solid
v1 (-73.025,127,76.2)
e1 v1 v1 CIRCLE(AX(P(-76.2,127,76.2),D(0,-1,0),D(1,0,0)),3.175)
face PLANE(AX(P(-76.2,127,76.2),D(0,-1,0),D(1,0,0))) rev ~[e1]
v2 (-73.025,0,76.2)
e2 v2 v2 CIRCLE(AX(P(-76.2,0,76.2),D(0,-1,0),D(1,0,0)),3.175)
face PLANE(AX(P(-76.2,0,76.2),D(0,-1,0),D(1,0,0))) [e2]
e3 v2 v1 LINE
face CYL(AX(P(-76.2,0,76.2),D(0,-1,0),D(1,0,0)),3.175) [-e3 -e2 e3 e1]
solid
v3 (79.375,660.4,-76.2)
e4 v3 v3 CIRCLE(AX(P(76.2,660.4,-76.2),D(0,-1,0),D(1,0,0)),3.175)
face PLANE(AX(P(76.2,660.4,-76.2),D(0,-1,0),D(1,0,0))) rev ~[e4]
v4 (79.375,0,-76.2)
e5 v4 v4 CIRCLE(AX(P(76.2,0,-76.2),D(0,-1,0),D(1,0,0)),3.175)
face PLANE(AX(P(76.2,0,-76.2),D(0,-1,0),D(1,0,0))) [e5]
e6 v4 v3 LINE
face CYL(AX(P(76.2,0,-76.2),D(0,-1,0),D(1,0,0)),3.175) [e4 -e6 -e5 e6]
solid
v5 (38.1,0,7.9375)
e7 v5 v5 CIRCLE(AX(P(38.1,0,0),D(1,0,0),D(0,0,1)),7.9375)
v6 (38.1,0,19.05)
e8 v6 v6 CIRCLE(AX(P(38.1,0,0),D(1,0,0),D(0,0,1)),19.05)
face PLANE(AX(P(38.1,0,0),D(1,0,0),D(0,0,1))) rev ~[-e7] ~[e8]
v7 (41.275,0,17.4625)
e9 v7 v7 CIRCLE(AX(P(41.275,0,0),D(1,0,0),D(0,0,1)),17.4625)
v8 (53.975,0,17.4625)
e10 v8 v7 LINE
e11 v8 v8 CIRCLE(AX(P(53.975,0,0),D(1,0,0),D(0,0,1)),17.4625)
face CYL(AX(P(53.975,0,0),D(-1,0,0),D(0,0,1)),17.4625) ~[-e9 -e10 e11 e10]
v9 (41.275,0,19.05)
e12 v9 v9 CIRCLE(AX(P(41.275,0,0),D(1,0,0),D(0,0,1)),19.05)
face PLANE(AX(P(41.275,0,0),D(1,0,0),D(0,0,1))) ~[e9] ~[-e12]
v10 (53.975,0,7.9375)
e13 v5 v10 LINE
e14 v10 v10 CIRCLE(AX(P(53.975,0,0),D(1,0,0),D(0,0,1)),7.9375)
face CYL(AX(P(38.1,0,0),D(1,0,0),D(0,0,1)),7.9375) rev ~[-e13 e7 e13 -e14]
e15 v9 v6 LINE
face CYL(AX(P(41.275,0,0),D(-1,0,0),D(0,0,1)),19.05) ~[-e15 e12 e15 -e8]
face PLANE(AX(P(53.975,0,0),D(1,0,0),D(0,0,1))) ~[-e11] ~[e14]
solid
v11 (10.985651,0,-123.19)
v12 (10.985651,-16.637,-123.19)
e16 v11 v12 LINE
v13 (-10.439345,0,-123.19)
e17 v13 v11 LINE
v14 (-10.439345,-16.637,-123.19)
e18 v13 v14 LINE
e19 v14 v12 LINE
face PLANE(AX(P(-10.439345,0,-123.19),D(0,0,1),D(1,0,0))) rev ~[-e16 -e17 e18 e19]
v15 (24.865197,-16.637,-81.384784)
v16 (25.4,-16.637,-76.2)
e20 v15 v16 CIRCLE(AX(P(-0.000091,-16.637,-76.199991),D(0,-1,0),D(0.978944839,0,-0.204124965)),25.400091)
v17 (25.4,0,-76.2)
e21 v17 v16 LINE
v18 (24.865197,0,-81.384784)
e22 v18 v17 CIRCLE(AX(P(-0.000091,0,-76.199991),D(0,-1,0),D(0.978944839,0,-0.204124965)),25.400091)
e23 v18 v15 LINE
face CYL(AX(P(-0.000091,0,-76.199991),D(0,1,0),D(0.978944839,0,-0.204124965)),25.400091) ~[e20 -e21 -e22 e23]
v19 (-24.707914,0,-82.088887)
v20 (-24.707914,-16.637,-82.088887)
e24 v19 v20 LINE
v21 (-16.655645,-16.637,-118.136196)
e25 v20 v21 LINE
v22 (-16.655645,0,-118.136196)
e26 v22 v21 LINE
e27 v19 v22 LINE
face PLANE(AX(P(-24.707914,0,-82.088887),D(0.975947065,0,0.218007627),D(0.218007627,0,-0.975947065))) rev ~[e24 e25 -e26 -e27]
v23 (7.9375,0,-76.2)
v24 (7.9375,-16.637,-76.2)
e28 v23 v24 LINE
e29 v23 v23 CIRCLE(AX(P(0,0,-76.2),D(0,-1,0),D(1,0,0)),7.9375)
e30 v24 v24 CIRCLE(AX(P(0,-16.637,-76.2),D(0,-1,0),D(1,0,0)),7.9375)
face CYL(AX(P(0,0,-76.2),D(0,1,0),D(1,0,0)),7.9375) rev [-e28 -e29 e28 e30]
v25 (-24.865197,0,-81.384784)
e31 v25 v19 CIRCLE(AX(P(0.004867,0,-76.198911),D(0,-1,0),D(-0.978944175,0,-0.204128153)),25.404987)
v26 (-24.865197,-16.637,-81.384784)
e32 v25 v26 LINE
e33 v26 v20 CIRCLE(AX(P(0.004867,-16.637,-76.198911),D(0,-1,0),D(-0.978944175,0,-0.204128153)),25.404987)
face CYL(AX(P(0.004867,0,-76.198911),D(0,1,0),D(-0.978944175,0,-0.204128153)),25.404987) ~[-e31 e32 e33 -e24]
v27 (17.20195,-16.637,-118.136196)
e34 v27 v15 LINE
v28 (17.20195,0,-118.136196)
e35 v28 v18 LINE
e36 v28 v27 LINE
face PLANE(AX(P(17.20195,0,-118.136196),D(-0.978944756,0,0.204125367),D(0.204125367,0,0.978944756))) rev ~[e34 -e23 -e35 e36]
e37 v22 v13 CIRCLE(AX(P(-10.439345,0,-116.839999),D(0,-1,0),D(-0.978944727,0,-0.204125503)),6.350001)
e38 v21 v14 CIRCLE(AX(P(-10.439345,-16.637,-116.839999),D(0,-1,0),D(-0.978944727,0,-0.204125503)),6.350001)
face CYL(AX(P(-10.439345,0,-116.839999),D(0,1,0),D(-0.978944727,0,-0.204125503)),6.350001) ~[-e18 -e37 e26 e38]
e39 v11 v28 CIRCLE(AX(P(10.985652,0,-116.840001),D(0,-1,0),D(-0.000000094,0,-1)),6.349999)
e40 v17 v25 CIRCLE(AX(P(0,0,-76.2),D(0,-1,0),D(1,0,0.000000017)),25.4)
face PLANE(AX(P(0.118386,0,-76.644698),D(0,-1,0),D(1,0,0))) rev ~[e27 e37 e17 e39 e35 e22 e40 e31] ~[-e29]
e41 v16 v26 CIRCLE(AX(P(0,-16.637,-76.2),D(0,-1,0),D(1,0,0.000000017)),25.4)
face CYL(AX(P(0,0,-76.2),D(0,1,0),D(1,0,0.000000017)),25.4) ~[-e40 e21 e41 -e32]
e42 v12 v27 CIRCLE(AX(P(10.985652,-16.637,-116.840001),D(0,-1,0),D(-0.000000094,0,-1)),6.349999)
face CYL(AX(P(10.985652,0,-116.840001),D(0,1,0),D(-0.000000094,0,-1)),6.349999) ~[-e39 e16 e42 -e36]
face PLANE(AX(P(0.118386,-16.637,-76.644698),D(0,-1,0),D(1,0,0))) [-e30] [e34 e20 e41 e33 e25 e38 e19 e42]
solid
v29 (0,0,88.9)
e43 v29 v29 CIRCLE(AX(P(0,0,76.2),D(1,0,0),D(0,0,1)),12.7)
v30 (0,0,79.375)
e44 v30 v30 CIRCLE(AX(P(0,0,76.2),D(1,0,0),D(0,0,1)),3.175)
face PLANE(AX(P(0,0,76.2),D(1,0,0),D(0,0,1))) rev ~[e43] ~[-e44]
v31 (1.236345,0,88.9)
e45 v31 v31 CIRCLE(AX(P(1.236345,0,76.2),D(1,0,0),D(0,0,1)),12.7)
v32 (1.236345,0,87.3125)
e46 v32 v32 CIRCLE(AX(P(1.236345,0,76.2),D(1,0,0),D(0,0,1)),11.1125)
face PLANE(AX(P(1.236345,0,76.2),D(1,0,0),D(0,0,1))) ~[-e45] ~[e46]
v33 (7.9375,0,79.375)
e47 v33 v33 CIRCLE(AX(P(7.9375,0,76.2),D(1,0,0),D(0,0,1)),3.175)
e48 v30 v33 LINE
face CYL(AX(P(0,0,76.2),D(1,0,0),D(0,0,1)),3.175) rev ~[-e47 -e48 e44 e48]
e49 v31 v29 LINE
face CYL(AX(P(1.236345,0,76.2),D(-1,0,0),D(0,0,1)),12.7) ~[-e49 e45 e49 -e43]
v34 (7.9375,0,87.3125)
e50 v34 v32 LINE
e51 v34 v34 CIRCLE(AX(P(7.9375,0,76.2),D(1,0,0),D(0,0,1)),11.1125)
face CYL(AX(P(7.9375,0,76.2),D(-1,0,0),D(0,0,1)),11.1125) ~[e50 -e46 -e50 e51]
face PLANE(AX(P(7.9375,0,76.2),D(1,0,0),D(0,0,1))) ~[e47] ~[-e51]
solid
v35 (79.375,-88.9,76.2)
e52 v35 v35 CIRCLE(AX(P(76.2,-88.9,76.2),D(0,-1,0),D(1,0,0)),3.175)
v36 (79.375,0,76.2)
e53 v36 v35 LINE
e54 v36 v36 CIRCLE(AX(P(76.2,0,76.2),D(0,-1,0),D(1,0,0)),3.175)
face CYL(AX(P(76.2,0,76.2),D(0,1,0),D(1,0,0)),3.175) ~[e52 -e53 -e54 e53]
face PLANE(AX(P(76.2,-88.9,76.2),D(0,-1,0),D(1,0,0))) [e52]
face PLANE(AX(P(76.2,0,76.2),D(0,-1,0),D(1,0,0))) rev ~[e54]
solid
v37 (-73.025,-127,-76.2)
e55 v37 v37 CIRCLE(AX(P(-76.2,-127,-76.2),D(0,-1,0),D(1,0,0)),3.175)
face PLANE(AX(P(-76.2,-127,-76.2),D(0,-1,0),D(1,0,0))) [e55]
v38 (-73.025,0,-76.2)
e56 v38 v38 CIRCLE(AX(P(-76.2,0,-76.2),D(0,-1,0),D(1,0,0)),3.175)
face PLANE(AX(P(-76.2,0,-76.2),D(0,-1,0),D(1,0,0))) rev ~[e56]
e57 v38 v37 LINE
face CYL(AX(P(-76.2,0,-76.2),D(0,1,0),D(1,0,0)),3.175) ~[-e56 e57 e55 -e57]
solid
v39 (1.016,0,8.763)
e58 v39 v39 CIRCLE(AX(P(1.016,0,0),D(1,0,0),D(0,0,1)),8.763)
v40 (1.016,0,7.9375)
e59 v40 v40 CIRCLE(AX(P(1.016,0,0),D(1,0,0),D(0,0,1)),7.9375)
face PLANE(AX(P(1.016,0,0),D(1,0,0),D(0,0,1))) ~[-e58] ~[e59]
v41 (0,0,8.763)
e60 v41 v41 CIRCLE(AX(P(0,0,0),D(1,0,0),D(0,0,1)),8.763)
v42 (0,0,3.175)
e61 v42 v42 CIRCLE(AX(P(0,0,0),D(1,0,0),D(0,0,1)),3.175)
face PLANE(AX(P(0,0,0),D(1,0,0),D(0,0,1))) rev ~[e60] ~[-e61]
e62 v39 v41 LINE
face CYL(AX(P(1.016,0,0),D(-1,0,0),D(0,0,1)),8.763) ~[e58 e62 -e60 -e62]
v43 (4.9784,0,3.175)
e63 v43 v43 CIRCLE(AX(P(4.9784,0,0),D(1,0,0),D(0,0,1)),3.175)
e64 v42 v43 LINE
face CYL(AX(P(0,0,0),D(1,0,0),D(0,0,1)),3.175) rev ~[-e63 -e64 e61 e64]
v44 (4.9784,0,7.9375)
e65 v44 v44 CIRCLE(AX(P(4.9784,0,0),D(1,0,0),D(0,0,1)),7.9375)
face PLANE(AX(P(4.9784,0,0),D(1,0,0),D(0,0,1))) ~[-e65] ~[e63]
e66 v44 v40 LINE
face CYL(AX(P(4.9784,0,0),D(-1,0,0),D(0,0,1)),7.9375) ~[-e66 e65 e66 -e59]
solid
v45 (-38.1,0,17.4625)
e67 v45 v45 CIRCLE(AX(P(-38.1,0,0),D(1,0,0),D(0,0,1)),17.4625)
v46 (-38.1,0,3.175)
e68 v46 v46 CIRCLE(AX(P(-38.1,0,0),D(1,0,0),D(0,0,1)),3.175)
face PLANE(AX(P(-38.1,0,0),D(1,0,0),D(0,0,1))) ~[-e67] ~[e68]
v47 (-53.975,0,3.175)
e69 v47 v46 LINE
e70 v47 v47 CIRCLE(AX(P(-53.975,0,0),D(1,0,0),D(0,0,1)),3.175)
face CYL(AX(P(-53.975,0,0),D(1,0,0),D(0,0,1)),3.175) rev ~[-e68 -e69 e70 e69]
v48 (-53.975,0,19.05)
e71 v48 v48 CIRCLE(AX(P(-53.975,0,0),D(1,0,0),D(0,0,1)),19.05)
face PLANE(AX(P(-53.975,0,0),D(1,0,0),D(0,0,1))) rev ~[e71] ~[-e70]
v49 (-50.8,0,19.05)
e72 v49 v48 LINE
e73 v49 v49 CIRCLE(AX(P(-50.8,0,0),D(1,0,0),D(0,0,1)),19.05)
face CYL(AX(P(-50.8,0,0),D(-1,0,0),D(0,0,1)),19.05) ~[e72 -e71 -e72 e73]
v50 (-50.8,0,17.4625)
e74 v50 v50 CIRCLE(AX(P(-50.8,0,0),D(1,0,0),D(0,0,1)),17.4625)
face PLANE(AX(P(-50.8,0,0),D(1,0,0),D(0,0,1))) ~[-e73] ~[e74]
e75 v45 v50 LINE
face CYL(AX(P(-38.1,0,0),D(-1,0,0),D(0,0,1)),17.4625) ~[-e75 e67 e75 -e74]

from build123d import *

# Parameters (mm, degrees)
F4_R      = 3.175
F5_DEPTH  = 127
F6_R      = 3.175
F7_DEPTH  = 88.9
F8_R      = 3.175
F9_DEPTH  = 127
F12_R     = 7.9375
F13_DEPTH = 16.637
F16_R     = 3.175
F17_DEPTH = 660.4


with BuildPart() as f1:
    # F0 (on Front) → F1 (revolve)
    with BuildSketch(Plane.XZ):
        Polygon((0, 8.763), (0, 3.175), (4.9784, 3.175), (4.9784, 7.9375), (1.016, 7.9375), (1.016, 8.763), align=None)
    revolve(axis=Axis((8.98404, 0, 0), (1, 0, 0)))


with BuildPart() as f3:
    # F2 (on Front) → F3 (revolve)
    with BuildSketch(Plane.XZ):
        Polygon((38.1, 19.05), (38.1, 7.9375), (53.975, 7.9375), (53.975, 17.4625), (41.275, 17.4625), (41.275, 19.05), align=None)
    revolve(axis=Axis((38.233172, 0, 0), (1, 0, 0)))


with BuildPart() as f5:
    # F4 (on Front) → F5 (new body)
    with BuildSketch(Plane.XZ):
        with Locations((-76.2, 76.2)):
            Circle(F4_R)
    extrude(amount=-F5_DEPTH)


with BuildPart() as f7:
    # F6 (on Front) → F7 (new body)
    with BuildSketch(Plane.XZ):
        with Locations((76.2, 76.2)):
            Circle(F6_R)
    extrude(amount=F7_DEPTH)


with BuildPart() as f9:
    # F8 (on Front) → F9 (new body)
    with BuildSketch(Plane.XZ):
        with Locations((-76.2, -76.2)):
            Circle(F8_R)
    extrude(amount=F9_DEPTH)


with BuildPart() as f11:
    # F10 (on Front) → F11 (revolve)
    with BuildSketch(Plane.XZ):
        Polygon((-50.8, 19.05), (-53.975, 19.05), (-53.975, 3.175), (-38.1, 3.175), (-38.1, 17.4625), (-50.8, 17.4625), align=None)
    revolve(axis=Axis((-46.393437, 0, 0), (1, 0, 0)))


with BuildPart() as f13:
    # F12 (on Front) → F13 (new body)
    with BuildSketch(Plane.XZ):
        with BuildLine():
            ThreePointArc((24.865197, -81.384784), (25.265945, -78.806147), (25.4, -76.2))
            ThreePointArc((25.4, -76.2), (-2.606147, -50.934055), (-24.865197, -81.384784))
            Line((-24.865197, -81.384784), (-24.707914, -82.088887))
            ThreePointArc((-24.707914, -82.088887), (0.360728, -101.597438), (24.865197, -81.384784))
        make_face()
        with Locations((0, -76.2)):
            Circle(F12_R, mode=Mode.SUBTRACT)
        with BuildLine():
            Line((-24.707914, -82.088887), (-24.865197, -81.384784))
            ThreePointArc((-24.865197, -81.384784), (-24.789055, -81.737394), (-24.707914, -82.088887))
        make_face()
        with BuildLine():
            Line((17.20195, -118.136196), (24.865197, -81.384784))
            ThreePointArc((24.865197, -81.384784), (0.360728, -101.597438), (-24.707914, -82.088887))
            Line((-24.707914, -82.088887), (-16.655645, -118.136196))
            ThreePointArc((-16.655645, -118.136196), (-14.44507, -121.767136), (-10.439345, -123.19))
            Line((-10.439345, -123.19), (10.985651, -123.19))
            ThreePointArc((10.985651, -123.19), (14.991376, -121.767136), (17.20195, -118.136196))
        make_face()
    extrude(amount=F13_DEPTH)


with BuildPart() as f15:
    # F14 (on Front) → F15 (revolve)
    with BuildSketch(Plane.XZ):
        Polygon((1.236345, 88.9), (0, 88.9), (0, 79.375), (7.9375, 79.375), (7.9375, 87.3125), (1.236345, 87.3125), align=None)
    revolve(axis=Axis((-0.252744, 0, 76.2), (1, 0, 0)))


with BuildPart() as f17:
    # F16 (on Front) → F17 (new body)
    with BuildSketch(Plane.XZ):
        with Locations((76.2, -76.2)):
            Circle(F16_R)
    extrude(amount=-F17_DEPTH)


solid = Compound([f1.part, f3.part, f5.part, f7.part, f9.part, f11.part, f13.part, f15.part, f17.part])
